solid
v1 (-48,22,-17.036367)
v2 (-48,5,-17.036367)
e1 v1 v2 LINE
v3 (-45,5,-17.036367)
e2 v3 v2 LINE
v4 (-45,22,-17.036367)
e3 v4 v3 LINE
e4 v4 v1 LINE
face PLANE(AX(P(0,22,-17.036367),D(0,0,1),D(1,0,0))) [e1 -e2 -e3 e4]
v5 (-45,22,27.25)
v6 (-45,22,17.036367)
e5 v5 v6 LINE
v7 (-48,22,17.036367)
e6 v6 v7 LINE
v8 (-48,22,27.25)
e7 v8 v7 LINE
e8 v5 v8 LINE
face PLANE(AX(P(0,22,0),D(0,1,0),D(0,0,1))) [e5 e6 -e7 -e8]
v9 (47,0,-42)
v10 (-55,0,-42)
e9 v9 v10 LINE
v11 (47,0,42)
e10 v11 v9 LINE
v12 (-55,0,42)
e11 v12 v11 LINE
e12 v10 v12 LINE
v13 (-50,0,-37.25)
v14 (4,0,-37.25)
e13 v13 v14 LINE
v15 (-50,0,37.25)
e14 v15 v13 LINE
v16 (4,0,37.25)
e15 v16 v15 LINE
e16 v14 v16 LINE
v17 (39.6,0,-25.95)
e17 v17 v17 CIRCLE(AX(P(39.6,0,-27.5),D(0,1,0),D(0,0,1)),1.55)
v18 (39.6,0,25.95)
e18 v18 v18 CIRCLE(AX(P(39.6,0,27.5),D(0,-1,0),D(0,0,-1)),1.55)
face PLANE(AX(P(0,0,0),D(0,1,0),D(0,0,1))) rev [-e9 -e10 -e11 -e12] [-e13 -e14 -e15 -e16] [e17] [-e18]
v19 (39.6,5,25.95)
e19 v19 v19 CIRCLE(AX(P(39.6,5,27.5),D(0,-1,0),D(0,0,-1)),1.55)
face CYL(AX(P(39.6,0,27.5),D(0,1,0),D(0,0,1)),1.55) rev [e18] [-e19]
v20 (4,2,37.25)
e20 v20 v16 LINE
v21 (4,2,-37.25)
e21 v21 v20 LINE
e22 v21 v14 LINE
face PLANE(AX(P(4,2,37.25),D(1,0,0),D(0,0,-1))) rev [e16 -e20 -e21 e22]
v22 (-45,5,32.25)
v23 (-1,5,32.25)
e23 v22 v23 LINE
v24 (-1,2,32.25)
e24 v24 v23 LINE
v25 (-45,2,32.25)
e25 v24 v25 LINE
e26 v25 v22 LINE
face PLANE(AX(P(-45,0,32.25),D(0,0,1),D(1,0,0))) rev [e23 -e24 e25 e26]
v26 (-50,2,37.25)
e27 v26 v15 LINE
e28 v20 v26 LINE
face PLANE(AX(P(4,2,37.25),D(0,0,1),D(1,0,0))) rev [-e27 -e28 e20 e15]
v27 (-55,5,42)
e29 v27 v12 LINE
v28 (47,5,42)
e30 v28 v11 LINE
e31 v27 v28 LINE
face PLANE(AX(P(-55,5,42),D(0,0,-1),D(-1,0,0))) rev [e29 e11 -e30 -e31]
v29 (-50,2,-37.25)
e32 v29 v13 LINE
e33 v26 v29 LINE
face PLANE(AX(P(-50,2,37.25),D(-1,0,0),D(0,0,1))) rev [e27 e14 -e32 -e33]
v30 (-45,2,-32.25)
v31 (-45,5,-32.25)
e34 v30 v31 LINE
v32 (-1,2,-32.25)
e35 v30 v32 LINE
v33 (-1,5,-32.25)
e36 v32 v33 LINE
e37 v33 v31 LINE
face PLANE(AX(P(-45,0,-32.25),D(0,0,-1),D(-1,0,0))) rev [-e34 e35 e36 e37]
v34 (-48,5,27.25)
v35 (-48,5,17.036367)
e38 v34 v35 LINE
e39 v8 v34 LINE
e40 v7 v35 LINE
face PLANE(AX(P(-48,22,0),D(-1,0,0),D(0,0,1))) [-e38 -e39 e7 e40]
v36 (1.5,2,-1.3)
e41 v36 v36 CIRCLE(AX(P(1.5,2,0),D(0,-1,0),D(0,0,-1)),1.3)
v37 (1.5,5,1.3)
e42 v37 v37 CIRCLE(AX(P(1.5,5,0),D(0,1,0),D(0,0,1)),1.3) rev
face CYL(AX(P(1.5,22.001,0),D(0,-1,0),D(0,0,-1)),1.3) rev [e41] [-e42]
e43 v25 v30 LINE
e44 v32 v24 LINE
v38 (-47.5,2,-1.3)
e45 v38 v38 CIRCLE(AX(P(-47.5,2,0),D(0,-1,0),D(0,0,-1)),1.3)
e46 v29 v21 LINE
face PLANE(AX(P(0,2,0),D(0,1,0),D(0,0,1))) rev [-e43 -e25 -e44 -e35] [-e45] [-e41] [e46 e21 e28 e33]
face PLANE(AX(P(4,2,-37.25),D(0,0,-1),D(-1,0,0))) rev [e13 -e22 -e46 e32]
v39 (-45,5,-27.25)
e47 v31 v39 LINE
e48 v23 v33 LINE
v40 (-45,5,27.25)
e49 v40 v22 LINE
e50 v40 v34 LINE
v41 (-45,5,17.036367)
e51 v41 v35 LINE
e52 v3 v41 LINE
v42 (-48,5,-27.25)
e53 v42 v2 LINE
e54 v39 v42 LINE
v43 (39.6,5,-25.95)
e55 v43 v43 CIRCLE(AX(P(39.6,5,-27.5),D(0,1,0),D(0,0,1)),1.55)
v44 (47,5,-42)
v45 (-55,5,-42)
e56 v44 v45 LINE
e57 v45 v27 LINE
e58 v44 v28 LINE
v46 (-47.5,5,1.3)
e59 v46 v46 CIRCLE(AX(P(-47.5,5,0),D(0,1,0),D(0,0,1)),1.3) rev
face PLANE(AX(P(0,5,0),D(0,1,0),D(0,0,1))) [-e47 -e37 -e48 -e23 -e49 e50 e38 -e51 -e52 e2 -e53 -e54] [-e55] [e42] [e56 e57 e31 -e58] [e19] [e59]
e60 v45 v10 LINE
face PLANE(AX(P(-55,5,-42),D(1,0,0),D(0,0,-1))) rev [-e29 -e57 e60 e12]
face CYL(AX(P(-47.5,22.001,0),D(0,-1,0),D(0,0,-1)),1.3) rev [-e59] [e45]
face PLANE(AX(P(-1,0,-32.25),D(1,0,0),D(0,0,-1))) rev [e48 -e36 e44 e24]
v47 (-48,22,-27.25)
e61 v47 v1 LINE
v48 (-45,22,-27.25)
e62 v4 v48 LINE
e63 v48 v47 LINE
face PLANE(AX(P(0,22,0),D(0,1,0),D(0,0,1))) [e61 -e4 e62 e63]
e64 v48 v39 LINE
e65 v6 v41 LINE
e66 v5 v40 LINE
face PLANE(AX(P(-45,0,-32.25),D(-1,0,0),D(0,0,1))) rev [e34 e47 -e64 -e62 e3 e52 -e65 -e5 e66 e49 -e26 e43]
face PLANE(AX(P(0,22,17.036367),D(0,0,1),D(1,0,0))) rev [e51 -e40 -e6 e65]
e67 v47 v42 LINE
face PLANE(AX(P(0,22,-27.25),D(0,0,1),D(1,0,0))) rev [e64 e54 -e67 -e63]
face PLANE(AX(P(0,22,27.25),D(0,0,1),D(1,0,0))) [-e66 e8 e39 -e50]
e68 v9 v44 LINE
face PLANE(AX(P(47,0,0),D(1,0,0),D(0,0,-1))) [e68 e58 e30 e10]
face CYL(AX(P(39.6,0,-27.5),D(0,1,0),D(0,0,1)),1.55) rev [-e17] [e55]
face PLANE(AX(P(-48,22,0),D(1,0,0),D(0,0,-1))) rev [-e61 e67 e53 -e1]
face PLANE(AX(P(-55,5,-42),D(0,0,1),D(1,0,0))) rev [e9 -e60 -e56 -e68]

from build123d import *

# Parameters (mm, degrees)
SKETCH1_W           = 110
SKETCH1_H           = 84
BOSS_EXTRUDE1_DEPTH = 5
SKETCH2_W           = 44
SKETCH2_H           = 64.5
CUT_EXTRUDE1_DEPTH  = 5
SKETCH3_R           = 1.55
CUT_EXTRUDE2_DEPTH  = 5
SKETCH5_W           = 3
SKETCH5_H           = 10.213632632
BOSS_EXTRUDE2_DEPTH = 17
SKETCH6_W           = 54
SKETCH6_H           = 74.5
CUT_EXTRUDE3_DEPTH  = 2
CUT_EXTRUDE4_REACH  = 22
SKETCH7_R           = 1.3
SKETCH8_W           = 84
SKETCH8_H           = 5
CUT_EXTRUDE5_DEPTH  = 8


with BuildPart() as part:
    # Sketch1 → Boss-Extrude1 (new body)
    with BuildSketch(Plane(origin=(0, 0, 0), x_dir=(1, 0, 0), z_dir=(0, 1, 0))):
        Rectangle(SKETCH1_W, SKETCH1_H)
    extrude(amount=BOSS_EXTRUDE1_DEPTH)

    # Sketch2 → Cut-Extrude1 (cut)
    with BuildSketch(Plane(origin=(0, 5, 0), x_dir=(1, 0, 0), z_dir=(0, 1, 0))):
        with Locations((-23, 0)):
            Rectangle(SKETCH2_W, SKETCH2_H)
    extrude(amount=-CUT_EXTRUDE1_DEPTH, mode=Mode.SUBTRACT)

    # Sketch3 → Cut-Extrude2 (cut)
    with BuildSketch(Plane(origin=(0, 5, 0), x_dir=(1, 0, 0), z_dir=(0, 1, 0))):
        with Locations((39.6, 27.5)):
            Circle(SKETCH3_R)
        with Locations((39.6, -27.5)):
            Circle(SKETCH3_R)
    extrude(amount=-CUT_EXTRUDE2_DEPTH, mode=Mode.SUBTRACT)

    # Sketch5 → Boss-Extrude2 (add)
    with BuildSketch(Plane(origin=(0, 5, 0), x_dir=(1, 0, 0), z_dir=(0, 1, 0))):
        with Locations((-46.5, 22.143183684)):
            Rectangle(SKETCH5_W, SKETCH5_H)
        with Locations((-46.5, -22.143183684)):
            Rectangle(SKETCH5_W, SKETCH5_H)
    extrude(amount=BOSS_EXTRUDE2_DEPTH)

    # Sketch6 → Cut-Extrude3 (cut)
    with BuildSketch(Plane.XZ):
        with Locations((-23, 0)):
            Rectangle(SKETCH6_W, SKETCH6_H)
    extrude(amount=-CUT_EXTRUDE3_DEPTH, mode=Mode.SUBTRACT)

    # Sketch7 → Cut-Extrude4 (cut, up to next)
    with BuildSketch(Plane.XZ.offset(-2), mode=Mode.PRIVATE) as cut_extrude4_sk1:
        with Locations((-47.5, 0)):
            Circle(SKETCH7_R)
    cut_extrude4_tool1 = extrude(cut_extrude4_sk1.sketch, amount=-CUT_EXTRUDE4_REACH, mode=Mode.PRIVATE) & part.part
    add(cut_extrude4_tool1.solids().sort_by_distance((-47.5, 2, 0))[0], mode=Mode.SUBTRACT)
    # Sketch7 → Cut-Extrude4 (cut, up to next)
    with BuildSketch(Plane.XZ.offset(-2), mode=Mode.PRIVATE) as cut_extrude4_sk2:
        with Locations((1.5, 0)):
            Circle(SKETCH7_R)
    cut_extrude4_tool2 = extrude(cut_extrude4_sk2.sketch, amount=-CUT_EXTRUDE4_REACH, mode=Mode.PRIVATE) & part.part
    add(cut_extrude4_tool2.solids().sort_by_distance((1.5, 2, 0))[0], mode=Mode.SUBTRACT)

    # Sketch8 → Cut-Extrude5 (cut)
    with BuildSketch(Plane(origin=(55, 0, 0), x_dir=(0, 0, -1), z_dir=(1, 0, 0))):
        with Locations((0, 2.5)):
            Rectangle(SKETCH8_W, SKETCH8_H)
    extrude(amount=-CUT_EXTRUDE5_DEPTH, mode=Mode.SUBTRACT)


solid = part.part
